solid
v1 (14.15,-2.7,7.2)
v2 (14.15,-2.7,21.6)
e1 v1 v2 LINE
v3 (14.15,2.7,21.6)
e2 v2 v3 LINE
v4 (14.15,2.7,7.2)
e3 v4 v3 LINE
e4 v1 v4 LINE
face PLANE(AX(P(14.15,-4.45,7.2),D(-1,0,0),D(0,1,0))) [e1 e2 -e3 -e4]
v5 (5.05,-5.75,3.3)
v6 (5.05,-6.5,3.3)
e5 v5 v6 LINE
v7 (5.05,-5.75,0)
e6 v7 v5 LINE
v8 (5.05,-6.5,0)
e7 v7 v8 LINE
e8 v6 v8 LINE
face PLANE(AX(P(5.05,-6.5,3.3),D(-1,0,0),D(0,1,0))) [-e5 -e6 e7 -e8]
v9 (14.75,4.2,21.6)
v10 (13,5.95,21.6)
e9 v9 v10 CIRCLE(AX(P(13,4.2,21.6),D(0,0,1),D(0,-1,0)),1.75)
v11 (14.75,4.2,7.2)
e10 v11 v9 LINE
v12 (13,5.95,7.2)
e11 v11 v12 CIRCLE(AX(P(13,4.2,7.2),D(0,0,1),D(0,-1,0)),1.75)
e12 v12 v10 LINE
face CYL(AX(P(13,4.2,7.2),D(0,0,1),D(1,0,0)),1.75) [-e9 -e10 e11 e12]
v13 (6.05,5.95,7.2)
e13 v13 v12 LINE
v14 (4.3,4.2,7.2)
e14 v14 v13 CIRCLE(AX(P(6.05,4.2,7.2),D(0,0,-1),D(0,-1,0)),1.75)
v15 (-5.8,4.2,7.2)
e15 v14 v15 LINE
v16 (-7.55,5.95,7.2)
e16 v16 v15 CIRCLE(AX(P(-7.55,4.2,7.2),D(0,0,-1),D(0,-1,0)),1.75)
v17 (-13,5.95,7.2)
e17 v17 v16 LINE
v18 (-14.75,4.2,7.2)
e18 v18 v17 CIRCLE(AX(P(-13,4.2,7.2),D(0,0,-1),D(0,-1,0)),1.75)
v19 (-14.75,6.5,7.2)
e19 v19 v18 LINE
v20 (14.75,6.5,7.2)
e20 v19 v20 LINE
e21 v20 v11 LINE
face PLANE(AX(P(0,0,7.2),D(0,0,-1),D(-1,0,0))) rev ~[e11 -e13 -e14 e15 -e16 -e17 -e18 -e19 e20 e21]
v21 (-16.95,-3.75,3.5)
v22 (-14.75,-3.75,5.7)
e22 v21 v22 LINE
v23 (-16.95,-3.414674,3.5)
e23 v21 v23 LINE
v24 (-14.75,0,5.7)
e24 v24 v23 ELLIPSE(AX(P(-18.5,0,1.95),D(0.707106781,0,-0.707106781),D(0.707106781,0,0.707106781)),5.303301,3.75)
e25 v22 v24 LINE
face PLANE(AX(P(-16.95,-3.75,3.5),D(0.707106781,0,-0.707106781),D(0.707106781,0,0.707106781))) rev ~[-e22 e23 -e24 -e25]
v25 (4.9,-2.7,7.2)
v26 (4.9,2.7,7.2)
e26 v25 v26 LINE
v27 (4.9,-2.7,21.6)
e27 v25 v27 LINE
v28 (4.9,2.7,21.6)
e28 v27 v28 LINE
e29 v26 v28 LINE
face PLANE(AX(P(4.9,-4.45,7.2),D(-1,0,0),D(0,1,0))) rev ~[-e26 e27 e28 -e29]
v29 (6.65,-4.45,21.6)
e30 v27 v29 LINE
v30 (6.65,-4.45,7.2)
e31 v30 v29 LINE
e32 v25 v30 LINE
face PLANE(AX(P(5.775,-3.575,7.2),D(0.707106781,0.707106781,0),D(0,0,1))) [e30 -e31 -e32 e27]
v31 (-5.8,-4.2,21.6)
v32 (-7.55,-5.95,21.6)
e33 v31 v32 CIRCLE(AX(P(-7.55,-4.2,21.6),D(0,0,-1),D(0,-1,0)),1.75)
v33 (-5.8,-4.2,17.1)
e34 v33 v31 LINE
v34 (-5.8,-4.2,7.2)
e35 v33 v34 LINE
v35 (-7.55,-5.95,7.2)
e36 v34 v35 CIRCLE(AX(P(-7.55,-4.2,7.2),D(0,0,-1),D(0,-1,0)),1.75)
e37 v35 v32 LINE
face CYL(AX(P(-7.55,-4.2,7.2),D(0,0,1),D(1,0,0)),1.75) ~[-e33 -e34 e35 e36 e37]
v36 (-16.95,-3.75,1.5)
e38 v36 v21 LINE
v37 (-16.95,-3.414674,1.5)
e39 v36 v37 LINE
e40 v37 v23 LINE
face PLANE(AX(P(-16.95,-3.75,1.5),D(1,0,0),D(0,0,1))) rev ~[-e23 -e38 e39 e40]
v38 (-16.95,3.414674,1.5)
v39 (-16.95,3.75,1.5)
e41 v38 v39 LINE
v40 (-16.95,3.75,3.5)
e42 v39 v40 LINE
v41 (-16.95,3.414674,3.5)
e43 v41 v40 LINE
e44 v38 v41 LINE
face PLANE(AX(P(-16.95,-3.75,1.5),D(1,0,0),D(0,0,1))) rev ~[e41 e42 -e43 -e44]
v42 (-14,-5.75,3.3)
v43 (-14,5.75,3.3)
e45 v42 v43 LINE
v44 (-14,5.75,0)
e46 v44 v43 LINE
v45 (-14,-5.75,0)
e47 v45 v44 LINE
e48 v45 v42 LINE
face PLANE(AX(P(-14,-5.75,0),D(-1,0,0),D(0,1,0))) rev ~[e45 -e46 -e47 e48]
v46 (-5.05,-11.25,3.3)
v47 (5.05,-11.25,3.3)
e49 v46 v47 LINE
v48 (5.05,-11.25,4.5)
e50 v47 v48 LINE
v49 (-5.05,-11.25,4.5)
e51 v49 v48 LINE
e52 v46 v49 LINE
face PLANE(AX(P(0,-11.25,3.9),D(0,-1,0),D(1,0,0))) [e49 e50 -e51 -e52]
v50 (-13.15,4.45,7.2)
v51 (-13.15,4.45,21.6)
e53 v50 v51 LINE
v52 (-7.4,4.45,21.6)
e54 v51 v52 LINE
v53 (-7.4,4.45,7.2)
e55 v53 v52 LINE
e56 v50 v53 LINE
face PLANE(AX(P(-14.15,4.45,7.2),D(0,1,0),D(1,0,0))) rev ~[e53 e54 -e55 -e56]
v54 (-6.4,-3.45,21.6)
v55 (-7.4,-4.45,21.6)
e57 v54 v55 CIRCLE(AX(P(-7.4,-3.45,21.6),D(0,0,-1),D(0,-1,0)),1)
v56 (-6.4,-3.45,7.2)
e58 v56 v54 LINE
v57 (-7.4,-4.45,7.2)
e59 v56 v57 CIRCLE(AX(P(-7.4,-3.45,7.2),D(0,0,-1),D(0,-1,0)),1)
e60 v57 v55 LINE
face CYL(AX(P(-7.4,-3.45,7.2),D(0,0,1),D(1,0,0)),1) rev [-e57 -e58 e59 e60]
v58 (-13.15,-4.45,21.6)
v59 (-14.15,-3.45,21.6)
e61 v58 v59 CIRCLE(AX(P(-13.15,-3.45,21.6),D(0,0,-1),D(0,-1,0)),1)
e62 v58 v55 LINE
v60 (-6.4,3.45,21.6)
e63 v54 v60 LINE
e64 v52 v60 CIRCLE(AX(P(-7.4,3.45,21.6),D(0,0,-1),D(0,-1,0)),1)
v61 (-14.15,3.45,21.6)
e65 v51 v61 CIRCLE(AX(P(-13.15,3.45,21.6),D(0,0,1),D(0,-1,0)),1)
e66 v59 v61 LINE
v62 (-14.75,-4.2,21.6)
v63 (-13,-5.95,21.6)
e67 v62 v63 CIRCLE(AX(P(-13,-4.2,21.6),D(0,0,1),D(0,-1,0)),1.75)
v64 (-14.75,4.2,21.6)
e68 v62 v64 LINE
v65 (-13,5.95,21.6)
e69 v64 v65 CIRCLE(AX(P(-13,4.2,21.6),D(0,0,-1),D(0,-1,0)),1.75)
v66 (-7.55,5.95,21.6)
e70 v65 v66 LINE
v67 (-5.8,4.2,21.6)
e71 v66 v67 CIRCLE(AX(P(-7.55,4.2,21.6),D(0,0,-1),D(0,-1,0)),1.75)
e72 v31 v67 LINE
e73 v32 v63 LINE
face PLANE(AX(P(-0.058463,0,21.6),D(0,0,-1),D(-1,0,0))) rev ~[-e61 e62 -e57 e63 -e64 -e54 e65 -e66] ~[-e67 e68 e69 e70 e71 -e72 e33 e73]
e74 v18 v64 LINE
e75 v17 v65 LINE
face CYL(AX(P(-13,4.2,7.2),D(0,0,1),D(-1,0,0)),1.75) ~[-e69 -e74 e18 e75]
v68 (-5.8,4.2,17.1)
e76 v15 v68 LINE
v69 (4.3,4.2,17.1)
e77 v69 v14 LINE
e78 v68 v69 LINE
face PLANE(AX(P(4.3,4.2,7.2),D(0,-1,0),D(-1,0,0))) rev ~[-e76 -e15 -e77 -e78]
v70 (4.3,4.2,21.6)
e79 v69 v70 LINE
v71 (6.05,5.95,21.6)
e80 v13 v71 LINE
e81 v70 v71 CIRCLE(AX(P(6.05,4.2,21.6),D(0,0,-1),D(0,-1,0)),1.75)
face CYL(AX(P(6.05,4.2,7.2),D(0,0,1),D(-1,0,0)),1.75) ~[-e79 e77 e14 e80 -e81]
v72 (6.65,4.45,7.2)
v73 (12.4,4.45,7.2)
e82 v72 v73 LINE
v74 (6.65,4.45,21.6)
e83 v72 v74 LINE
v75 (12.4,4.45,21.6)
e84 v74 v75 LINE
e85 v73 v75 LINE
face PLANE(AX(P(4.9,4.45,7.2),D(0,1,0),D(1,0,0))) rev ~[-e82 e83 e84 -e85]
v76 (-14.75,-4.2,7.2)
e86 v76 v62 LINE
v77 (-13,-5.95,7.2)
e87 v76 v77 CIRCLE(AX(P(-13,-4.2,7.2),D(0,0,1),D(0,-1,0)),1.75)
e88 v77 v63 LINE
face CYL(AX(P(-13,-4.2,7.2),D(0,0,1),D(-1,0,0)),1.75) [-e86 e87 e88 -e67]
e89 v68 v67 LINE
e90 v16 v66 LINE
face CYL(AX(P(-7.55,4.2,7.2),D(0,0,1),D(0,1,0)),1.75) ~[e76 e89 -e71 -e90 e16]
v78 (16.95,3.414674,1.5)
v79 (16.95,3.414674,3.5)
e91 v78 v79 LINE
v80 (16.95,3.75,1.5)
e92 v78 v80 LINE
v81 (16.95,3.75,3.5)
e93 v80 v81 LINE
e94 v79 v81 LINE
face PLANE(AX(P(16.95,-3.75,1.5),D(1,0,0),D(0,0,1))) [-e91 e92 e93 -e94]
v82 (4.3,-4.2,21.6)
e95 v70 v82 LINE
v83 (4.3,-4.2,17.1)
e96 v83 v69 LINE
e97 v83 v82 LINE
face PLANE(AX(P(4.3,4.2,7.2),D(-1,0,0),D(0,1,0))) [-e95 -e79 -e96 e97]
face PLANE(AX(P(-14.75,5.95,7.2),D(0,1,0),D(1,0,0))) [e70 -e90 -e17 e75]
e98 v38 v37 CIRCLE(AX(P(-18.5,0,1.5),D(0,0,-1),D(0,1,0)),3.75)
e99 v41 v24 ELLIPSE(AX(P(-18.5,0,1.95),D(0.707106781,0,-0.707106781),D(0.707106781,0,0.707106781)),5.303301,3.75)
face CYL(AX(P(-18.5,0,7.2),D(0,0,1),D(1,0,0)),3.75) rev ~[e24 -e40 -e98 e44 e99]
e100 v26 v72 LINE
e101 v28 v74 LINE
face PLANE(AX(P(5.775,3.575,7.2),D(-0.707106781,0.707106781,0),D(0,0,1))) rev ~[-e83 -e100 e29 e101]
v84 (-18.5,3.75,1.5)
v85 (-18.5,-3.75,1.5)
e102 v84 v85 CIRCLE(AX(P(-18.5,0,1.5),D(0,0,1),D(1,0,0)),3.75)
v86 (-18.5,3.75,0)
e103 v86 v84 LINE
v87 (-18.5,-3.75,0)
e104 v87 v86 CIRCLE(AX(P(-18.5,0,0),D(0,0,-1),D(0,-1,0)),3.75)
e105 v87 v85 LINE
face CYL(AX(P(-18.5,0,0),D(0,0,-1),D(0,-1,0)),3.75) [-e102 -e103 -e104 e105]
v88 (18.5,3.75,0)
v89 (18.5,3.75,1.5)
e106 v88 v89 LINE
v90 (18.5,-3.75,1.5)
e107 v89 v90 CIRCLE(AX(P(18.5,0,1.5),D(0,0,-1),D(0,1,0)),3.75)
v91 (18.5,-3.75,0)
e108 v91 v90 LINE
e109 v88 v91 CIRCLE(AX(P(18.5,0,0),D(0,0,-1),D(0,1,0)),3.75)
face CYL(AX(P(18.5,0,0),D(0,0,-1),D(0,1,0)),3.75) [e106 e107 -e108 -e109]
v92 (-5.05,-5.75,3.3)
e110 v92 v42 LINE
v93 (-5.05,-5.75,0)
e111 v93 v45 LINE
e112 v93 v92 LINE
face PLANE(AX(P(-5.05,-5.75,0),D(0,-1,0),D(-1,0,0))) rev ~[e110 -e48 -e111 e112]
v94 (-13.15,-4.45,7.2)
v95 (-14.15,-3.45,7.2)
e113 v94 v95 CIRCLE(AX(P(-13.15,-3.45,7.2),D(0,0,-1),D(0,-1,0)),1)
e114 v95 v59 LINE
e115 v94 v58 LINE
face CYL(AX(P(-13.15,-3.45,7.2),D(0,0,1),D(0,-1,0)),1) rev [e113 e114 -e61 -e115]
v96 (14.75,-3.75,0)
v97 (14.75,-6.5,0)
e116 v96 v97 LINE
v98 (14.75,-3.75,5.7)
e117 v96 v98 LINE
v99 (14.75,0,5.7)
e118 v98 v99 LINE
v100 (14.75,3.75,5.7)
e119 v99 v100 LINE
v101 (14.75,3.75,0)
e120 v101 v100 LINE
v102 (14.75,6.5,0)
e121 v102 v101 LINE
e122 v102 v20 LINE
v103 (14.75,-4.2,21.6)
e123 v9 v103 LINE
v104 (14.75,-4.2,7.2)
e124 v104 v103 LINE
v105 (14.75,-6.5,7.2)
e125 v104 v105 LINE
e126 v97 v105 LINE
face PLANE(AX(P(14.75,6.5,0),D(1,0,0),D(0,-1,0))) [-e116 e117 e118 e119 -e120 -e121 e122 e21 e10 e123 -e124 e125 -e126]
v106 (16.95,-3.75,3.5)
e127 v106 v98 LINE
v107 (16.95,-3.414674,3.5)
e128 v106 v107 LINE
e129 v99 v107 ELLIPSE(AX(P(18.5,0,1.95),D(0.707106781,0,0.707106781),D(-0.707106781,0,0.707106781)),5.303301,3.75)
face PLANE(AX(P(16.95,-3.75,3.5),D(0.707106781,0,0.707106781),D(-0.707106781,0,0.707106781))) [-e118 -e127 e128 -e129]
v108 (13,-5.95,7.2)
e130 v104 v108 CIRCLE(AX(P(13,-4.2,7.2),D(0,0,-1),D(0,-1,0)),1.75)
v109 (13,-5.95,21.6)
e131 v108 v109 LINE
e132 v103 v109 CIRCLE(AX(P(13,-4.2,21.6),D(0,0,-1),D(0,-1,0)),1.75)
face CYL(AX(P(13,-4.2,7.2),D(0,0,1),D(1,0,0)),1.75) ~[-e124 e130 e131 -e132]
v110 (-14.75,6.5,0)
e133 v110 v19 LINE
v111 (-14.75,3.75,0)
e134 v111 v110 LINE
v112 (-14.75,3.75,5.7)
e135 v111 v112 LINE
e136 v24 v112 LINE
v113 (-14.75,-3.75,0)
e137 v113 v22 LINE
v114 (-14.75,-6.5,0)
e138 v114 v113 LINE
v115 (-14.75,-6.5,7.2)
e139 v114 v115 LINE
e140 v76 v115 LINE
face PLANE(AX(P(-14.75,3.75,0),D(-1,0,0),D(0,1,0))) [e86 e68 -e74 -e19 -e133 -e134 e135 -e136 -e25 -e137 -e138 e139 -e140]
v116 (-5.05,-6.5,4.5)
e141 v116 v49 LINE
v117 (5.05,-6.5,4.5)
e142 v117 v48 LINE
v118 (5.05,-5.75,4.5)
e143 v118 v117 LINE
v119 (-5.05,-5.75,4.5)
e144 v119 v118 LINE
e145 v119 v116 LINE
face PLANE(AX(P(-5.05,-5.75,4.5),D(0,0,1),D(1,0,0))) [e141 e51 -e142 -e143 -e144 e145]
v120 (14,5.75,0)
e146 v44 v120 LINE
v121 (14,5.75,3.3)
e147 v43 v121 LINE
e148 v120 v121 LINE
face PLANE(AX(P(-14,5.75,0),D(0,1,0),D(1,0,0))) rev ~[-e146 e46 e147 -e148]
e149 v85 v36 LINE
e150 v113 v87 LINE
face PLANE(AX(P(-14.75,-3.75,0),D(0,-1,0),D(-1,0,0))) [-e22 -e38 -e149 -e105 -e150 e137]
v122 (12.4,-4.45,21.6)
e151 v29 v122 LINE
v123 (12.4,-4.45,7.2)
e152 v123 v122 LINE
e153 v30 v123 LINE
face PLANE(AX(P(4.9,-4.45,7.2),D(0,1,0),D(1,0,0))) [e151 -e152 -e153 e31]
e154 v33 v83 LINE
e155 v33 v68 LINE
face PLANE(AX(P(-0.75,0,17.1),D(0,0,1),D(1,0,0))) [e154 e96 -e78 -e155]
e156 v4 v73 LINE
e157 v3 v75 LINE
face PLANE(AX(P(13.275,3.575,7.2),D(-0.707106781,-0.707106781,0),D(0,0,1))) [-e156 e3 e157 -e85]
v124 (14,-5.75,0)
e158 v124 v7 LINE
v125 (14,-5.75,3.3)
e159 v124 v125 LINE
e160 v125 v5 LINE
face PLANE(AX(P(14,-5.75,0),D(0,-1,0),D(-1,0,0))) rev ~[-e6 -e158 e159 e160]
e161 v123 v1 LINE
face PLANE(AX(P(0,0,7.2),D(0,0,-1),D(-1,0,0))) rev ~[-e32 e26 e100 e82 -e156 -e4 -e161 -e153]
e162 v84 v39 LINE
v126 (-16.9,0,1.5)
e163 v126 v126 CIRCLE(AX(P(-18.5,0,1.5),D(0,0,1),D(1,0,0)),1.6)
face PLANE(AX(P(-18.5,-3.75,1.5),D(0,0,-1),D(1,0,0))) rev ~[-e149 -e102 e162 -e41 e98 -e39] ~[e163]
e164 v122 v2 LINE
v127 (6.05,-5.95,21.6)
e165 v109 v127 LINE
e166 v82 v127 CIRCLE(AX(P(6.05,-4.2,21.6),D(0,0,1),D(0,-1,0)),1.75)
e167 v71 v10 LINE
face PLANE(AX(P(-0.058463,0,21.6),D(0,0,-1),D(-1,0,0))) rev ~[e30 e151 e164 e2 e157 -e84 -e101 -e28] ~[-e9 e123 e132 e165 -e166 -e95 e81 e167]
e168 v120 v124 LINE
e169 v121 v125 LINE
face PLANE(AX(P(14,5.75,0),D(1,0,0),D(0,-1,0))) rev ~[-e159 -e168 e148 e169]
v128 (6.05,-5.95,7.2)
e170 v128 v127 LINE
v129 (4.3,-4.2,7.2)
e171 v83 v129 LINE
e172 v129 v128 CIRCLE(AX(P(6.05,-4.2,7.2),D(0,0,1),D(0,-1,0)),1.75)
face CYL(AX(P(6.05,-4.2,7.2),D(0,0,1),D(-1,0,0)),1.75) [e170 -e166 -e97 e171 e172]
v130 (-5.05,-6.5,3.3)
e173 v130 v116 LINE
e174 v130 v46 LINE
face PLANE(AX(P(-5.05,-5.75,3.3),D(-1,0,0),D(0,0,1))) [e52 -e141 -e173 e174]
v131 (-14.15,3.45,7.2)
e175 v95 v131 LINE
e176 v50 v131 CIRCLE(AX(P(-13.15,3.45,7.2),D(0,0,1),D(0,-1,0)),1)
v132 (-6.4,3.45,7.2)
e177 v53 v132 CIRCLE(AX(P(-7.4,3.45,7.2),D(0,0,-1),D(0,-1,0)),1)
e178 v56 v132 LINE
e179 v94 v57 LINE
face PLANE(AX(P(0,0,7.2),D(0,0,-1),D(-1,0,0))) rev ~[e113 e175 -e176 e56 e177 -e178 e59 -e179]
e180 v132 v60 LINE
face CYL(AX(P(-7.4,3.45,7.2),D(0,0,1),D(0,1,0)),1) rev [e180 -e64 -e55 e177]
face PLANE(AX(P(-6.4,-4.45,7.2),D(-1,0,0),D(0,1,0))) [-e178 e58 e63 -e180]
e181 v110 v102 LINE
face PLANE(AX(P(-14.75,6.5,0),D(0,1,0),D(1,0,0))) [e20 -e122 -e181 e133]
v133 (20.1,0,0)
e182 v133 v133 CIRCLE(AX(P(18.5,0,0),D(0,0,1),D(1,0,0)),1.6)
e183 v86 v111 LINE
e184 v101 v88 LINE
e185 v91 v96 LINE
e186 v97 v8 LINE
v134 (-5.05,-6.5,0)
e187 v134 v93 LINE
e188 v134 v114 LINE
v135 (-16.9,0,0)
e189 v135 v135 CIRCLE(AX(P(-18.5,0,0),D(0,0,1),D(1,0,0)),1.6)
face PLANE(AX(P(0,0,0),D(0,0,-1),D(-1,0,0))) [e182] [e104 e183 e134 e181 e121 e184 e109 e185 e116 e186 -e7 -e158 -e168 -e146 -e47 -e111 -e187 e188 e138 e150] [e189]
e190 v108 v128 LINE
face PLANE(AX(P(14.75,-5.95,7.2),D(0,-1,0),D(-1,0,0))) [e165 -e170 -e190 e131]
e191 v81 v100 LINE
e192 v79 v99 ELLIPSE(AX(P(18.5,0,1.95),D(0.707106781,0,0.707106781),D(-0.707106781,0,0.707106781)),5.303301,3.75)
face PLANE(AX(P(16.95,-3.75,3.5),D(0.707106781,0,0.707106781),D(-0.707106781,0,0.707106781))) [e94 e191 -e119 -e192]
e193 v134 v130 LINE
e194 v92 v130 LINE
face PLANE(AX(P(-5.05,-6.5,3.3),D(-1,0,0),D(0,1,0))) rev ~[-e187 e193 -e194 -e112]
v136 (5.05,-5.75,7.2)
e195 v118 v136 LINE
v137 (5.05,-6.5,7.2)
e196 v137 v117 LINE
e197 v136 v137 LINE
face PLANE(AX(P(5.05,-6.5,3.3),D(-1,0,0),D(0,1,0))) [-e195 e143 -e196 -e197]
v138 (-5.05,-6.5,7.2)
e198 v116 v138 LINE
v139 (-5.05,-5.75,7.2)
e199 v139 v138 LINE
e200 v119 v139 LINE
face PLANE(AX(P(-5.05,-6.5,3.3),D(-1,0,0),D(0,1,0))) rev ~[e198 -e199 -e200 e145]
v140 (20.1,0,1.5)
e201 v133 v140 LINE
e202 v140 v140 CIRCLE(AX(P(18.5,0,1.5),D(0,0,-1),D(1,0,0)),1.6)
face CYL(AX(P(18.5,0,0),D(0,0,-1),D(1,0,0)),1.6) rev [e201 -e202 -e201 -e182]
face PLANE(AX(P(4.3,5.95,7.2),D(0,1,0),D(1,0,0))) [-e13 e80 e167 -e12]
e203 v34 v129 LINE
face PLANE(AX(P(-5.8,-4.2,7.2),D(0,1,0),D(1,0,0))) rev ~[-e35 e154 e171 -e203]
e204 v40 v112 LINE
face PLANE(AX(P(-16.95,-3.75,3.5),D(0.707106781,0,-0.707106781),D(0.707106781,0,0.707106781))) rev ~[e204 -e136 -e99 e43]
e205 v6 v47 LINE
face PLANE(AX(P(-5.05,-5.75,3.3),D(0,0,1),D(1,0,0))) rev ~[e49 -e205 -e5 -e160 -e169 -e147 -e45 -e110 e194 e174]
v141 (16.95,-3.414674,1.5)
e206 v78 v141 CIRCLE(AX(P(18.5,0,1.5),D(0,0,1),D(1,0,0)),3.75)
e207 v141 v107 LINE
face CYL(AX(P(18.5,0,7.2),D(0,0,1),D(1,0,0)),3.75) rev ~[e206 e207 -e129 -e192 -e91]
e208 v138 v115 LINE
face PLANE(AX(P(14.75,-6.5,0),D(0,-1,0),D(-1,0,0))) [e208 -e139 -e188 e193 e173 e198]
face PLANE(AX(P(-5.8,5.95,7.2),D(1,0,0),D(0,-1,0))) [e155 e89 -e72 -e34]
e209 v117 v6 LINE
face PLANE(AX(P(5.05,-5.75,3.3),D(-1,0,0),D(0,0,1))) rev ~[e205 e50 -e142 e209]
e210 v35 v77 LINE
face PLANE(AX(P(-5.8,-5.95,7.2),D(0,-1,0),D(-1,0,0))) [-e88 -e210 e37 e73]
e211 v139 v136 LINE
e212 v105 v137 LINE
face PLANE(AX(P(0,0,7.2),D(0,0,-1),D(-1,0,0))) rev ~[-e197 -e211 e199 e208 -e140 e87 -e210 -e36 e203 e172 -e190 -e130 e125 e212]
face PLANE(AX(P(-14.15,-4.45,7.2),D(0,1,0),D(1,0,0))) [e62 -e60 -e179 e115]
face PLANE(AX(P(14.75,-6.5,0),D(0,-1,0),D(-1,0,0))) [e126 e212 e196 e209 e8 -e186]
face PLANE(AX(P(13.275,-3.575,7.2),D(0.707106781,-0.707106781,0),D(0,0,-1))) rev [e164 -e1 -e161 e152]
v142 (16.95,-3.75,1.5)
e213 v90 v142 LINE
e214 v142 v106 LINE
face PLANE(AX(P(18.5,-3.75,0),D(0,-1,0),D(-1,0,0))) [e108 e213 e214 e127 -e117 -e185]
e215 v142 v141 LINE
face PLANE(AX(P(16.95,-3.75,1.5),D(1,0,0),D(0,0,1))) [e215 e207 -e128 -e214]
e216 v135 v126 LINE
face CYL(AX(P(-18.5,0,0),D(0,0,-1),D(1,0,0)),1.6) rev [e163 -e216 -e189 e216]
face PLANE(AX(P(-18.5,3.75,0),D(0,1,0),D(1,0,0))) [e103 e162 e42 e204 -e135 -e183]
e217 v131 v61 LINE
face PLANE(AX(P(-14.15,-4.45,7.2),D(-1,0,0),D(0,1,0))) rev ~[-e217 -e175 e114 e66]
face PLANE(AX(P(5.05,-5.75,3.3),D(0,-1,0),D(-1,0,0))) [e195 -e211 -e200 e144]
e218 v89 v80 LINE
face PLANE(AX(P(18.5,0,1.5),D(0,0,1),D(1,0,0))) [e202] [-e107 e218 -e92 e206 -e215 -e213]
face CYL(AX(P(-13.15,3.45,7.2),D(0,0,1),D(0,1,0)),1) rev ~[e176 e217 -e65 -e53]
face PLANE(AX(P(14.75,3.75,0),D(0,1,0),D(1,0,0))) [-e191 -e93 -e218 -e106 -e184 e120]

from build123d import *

# Parameters (mm, degrees)
SKETCH1_R           = 1.6
BOSS_EXTRUDE1_DEPTH = 7.2
SKETCH2_R           = 3.75
CUT_EXTRUDE1_DEPTH  = 5.7
CUT_EXTRUDE2_DEPTH  = 7.5
SKETCH5_W           = 7.75
SKETCH5_H           = 8.9
SKETCH5_W_2         = 9.25
BOSS_EXTRUDE2_DEPTH = 14.4
SKETCH6_W           = 10.1
SKETCH6_H           = 8.4
CUT_EXTRUDE3_DEPTH  = 4.5
FILLET1_R           = 1.75
FILLET2_R           = 1
CHAMFER1_SIZE       = 1.75
CUT_EXTRUDE4_DEPTH  = 3.3
CUT_EXTRUDE5_REACH  = 20.3
SKETCH8_W           = 10.1
SKETCH8_H           = 0.75
SKETCH9_W           = 10.1
SKETCH9_H           = 1.2
BOSS_EXTRUDE3_DEPTH = 5.5


with BuildPart() as part:
    # Sketch1 → Boss-Extrude1 (new body)
    with BuildSketch(Plane.XY):
        with BuildLine():
            ThreePointArc((18.5, 3.75), (22.25, 0), (18.5, -3.75))
            Line((18.5, -3.75), (14.75, -3.75))
            Line((14.75, -3.75), (14.75, -6.5))
            Line((14.75, -6.5), (-14.75, -6.5))
            Line((-14.75, -6.5), (-14.75, -3.75))
            Line((-14.75, -3.75), (-18.5, -3.75))
            ThreePointArc((-18.5, -3.75), (-22.25, 0), (-18.5, 3.75))
            Line((-18.5, 3.75), (-14.75, 3.75))
            Line((-14.75, 3.75), (-14.75, 6.5))
            Line((-14.75, 6.5), (14.75, 6.5))
            Line((14.75, 6.5), (14.75, 3.75))
            Line((14.75, 3.75), (18.5, 3.75))
        make_face()
        with Locations((-18.5, 0)):
            Circle(SKETCH1_R, mode=Mode.SUBTRACT)
        with Locations((18.5, 0)):
            Circle(SKETCH1_R, mode=Mode.SUBTRACT)
    extrude(amount=BOSS_EXTRUDE1_DEPTH)

    # Sketch2 → Cut-Extrude1 (cut)
    with BuildSketch(Plane.XY.offset(7.2)):
        with Locations((-18.5, 0)):
            Circle(SKETCH2_R)
        with Locations((18.5, 0)):
            Circle(SKETCH2_R)
    extrude(amount=-CUT_EXTRUDE1_DEPTH, mode=Mode.SUBTRACT)

    # Sketch4 → Cut-Extrude2 (cut)
    with BuildSketch(Plane.XZ.offset(3.75)):
        Polygon((-18.5, 1.5), (-16.95, 1.5), (-16.95, 3.5), (-14.75, 5.7), (-14.75, 7.2), (-18.5, 7.2), align=None)
        Polygon((18.5, 1.5), (16.95, 1.5), (16.95, 3.5), (14.75, 5.7), (14.75, 7.2), (18.5, 7.2), align=None)
    extrude(amount=-CUT_EXTRUDE2_DEPTH, mode=Mode.SUBTRACT)

    # Sketch5 → Boss-Extrude2 (add)
    with BuildSketch(Plane.XY.offset(7.2)):
        Polygon((-5.8, -5.95), (-14.75, -5.95), (-14.75, 5.95), (-5.8, 5.95), (-5.8, 4.2), (0, 4.2), (4.3, 4.2), (4.3, 5.95), (14.75, 5.95), (14.75, -5.95), (4.3, -5.95), (4.3, -4.2), (0, -4.2), (-5.8, -4.2), align=None)
        with Locations((-10.275, 0)):
            Rectangle(SKETCH5_W, SKETCH5_H, mode=Mode.SUBTRACT)
        with Locations((9.525, 0)):
            Rectangle(SKETCH5_W_2, SKETCH5_H, mode=Mode.SUBTRACT)
    extrude(amount=BOSS_EXTRUDE2_DEPTH)

    # Sketch6 → Cut-Extrude3 (cut)
    with BuildSketch(Plane.XY.offset(21.6)):
        with Locations((-0.75, 0)):
            Rectangle(SKETCH6_W, SKETCH6_H)
    extrude(amount=-CUT_EXTRUDE3_DEPTH, mode=Mode.SUBTRACT)

    # Fillet1
    fillet1_edges = [part.edges().sort_by_distance(p)[0] for p in [
        (4.3, 5.95, 14.4),
        (14.75, 5.95, 14.4),
        (14.75, -5.95, 14.4),
        (4.3, -5.95, 14.4),
        (-5.8, 5.95, 14.4),
        (-14.75, 5.95, 14.4),
        (-14.75, -5.95, 14.4),
        (-5.8, -5.95, 14.4),
    ]]
    fillet(fillet1_edges, radius=FILLET1_R)

    # Fillet2
    fillet2_edges = [part.edges().sort_by_distance(p)[0] for p in [
        (-6.4, 4.45, 14.4),
        (-14.15, 4.45, 14.4),
        (-14.15, -4.45, 14.4),
        (-6.4, -4.45, 14.4),
    ]]
    fillet(fillet2_edges, radius=FILLET2_R)

    # Chamfer1
    chamfer1_edges = [part.edges().sort_by_distance(p)[0] for p in [
        (14.15, 4.45, 14.4),
        (4.9, 4.45, 14.4),
        (4.9, -4.45, 14.4),
        (14.15, -4.45, 14.4),
    ]]
    chamfer(chamfer1_edges, length=CHAMFER1_SIZE)

    # Sketch7 → Cut-Extrude4 (cut)
    with BuildSketch(Plane(origin=(0, 0, 0), x_dir=(-1, 0, 0), z_dir=(0, 0, -1))):
        Polygon((14, -5.75), (14, 5.75), (-14, 5.75), (-14, -5.75), (-5.05, -5.75), (-5.05, -6.5), (5.05, -6.5), (5.05, -5.75), align=None)
    extrude(amount=-CUT_EXTRUDE4_DEPTH, mode=Mode.SUBTRACT)

    # Sketch8 → Cut-Extrude5 (cut, up to next)
    with BuildSketch(Plane(origin=(0, 0, 3.3), x_dir=(-1, 0, 0), z_dir=(0, 0, -1)), mode=Mode.PRIVATE) as cut_extrude5_sk1:
        with Locations((0, -6.125)):
            Rectangle(SKETCH8_W, SKETCH8_H)
    cut_extrude5_tool1 = extrude(cut_extrude5_sk1.sketch, amount=-CUT_EXTRUDE5_REACH, mode=Mode.PRIVATE) & part.part
    add(cut_extrude5_tool1.solids().sort_by_distance((0, -6.125, 3.3))[0], mode=Mode.SUBTRACT)

    # Sketch9 → Boss-Extrude3 (add)
    with BuildSketch(Plane.XZ.offset(5.75)):
        with Locations((0, 3.9)):
            Rectangle(SKETCH9_W, SKETCH9_H)
    extrude(amount=BOSS_EXTRUDE3_DEPTH)


solid = part.part
